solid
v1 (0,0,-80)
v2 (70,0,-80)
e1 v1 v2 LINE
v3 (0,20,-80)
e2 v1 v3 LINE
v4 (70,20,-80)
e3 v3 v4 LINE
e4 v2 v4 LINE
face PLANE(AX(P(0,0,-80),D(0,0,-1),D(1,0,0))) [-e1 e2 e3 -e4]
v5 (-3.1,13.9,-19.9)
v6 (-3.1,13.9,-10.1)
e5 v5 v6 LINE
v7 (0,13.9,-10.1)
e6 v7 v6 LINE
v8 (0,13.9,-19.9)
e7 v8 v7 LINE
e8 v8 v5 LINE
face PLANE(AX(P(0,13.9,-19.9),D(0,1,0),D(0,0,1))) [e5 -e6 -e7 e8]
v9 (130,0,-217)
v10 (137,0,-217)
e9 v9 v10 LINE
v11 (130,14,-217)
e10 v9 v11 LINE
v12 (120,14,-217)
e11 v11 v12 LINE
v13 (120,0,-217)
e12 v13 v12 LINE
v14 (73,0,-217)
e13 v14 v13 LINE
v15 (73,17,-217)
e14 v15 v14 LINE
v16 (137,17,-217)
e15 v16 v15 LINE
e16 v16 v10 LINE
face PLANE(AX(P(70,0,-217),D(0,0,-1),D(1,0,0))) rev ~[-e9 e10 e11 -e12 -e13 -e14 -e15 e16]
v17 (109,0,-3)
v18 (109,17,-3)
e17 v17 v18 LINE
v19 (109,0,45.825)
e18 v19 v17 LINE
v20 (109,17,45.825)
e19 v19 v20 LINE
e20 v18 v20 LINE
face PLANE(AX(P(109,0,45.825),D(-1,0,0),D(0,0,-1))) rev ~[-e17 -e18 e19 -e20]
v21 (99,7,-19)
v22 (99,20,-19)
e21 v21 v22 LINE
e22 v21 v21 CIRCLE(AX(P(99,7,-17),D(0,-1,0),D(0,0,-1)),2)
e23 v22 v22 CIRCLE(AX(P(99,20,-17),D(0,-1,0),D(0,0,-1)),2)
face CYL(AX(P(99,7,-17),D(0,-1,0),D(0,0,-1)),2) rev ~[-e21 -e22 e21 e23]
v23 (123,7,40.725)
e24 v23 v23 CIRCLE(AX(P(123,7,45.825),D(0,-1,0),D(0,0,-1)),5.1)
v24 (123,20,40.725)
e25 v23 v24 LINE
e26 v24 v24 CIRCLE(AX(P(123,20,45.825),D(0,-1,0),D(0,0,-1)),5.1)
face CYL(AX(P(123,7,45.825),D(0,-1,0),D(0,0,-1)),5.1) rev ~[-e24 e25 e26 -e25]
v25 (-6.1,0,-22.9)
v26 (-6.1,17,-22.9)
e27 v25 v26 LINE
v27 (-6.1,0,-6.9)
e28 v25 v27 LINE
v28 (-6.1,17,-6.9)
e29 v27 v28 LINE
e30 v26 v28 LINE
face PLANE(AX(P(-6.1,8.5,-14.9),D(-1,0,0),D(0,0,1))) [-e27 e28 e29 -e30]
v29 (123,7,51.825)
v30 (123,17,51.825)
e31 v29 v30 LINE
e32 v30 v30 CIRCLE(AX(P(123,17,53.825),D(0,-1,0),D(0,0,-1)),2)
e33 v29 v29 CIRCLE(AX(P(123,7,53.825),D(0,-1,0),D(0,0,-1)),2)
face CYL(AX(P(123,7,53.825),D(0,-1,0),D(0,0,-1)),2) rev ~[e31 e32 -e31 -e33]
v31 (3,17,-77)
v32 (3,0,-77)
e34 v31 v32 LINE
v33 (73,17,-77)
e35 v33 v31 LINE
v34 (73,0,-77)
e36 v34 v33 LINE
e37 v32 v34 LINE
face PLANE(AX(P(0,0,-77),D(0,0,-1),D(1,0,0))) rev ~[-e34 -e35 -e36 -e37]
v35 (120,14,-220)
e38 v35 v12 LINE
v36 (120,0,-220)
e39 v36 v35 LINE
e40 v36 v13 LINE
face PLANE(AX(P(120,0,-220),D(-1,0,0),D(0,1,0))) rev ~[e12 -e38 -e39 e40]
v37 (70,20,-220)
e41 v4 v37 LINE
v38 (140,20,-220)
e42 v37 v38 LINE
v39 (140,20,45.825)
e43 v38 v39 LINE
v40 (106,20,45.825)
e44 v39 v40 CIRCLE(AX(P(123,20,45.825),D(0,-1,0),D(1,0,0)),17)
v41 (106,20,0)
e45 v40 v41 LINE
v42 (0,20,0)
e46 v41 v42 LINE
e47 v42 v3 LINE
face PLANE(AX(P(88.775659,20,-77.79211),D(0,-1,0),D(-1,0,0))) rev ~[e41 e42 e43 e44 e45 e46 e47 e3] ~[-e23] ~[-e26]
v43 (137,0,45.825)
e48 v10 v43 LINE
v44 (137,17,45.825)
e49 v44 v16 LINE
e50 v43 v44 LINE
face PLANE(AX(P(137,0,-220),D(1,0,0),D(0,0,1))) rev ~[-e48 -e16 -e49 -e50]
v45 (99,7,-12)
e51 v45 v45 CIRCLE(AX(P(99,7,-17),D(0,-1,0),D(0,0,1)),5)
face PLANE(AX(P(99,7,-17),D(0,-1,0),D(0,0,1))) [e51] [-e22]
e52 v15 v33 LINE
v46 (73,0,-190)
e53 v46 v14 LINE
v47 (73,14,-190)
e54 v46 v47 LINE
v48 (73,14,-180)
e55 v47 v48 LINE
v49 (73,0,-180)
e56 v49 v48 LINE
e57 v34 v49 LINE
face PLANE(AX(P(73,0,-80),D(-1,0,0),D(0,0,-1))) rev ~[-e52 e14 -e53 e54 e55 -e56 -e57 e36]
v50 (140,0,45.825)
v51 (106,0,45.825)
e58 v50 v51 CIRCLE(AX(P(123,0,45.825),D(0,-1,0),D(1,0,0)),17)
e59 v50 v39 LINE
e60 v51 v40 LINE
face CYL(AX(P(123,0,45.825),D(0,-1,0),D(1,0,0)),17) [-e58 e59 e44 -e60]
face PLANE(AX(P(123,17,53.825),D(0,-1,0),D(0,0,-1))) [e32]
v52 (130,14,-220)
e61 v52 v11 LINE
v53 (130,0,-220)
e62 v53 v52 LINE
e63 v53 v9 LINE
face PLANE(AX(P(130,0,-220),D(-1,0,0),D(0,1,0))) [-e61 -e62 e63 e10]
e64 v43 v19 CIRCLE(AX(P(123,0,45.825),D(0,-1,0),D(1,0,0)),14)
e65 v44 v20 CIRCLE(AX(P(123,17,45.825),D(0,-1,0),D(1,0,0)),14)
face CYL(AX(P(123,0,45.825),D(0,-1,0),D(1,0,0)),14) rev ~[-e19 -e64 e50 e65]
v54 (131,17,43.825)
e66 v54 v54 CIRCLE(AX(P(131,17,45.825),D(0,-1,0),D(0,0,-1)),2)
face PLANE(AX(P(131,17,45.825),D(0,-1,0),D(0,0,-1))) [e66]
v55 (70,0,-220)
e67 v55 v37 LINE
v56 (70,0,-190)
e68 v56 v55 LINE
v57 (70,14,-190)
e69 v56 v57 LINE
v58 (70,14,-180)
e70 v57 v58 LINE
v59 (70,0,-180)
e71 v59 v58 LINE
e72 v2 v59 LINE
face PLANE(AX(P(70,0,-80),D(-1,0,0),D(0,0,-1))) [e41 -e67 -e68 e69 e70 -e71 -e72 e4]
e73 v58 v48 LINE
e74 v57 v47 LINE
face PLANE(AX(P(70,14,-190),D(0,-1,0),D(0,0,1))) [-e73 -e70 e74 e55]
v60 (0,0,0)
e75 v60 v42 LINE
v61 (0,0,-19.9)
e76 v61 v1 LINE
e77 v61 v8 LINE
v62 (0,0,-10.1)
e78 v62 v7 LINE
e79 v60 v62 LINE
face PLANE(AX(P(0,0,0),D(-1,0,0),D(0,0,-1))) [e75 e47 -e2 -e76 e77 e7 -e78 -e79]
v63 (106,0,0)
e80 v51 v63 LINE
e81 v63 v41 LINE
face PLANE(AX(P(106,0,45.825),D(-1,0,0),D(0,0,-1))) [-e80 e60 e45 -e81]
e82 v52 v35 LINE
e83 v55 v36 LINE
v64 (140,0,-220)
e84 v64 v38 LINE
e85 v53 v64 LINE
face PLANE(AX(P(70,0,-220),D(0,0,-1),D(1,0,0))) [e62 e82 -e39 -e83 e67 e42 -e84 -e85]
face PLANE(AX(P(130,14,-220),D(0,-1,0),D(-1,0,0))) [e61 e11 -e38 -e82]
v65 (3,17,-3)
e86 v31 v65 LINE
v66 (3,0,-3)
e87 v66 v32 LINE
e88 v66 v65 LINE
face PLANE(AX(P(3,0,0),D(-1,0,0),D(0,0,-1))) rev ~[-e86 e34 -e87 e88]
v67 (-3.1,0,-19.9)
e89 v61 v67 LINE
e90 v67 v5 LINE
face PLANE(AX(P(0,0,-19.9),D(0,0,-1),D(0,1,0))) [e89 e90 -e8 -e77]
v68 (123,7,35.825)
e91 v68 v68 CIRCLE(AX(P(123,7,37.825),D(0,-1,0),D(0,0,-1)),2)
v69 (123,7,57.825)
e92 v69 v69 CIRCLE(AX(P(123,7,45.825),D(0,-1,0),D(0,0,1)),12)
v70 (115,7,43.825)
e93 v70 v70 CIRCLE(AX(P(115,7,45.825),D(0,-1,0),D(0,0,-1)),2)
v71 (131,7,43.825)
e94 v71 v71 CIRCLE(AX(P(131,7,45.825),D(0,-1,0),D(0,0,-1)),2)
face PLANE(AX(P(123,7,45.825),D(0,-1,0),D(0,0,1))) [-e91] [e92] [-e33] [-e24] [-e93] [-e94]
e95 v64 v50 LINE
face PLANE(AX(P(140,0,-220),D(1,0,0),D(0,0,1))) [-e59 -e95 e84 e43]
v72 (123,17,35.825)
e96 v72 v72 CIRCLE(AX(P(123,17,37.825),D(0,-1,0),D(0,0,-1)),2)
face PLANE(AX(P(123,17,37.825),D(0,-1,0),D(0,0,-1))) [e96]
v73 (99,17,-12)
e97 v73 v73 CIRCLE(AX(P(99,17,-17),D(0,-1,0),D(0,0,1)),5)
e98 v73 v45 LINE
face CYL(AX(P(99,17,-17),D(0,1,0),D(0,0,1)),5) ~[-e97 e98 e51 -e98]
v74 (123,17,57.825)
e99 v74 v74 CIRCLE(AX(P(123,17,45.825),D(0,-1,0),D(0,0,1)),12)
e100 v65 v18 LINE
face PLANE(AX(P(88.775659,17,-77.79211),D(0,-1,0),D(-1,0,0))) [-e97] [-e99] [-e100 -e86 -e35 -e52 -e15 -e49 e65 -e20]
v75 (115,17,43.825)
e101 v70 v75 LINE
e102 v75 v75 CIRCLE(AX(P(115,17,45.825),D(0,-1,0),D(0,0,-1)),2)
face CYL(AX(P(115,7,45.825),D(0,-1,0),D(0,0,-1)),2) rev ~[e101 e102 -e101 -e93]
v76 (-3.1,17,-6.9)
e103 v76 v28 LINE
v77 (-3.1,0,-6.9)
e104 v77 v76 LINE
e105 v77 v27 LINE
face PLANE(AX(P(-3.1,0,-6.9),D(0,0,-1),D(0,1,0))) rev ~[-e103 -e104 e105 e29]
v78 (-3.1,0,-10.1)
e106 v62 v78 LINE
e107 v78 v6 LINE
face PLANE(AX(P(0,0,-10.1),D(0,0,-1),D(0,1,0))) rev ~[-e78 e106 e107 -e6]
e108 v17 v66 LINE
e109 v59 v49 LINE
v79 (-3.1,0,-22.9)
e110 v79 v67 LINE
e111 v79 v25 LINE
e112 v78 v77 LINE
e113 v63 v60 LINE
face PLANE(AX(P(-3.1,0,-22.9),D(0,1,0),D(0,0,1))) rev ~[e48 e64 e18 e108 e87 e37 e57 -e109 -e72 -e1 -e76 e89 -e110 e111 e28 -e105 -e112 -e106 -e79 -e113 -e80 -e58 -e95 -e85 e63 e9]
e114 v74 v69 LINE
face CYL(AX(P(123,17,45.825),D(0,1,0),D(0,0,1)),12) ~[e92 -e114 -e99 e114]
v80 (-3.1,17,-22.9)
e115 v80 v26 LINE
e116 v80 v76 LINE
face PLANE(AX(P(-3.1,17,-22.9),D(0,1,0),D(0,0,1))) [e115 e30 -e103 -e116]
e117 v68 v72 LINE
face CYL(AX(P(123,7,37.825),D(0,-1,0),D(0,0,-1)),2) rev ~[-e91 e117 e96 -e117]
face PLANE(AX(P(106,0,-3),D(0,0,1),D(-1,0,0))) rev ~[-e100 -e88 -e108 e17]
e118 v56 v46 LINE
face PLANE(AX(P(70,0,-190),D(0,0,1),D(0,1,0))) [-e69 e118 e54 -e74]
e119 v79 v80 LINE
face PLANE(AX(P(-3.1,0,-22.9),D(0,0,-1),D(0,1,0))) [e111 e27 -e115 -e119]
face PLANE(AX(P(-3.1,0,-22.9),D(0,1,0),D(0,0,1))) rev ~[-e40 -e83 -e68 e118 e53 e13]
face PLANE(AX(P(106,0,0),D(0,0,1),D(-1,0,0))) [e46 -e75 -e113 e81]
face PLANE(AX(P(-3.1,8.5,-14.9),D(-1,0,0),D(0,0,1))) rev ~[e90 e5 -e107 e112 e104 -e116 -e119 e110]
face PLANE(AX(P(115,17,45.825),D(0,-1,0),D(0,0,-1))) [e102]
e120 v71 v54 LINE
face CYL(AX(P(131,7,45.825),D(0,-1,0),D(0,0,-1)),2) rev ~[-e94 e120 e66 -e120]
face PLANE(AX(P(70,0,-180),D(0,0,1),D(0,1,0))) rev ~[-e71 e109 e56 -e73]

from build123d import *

# Parameters (mm, degrees)
CORNERBOSS_EXTRUDE1_DEPTH               = 20
SHELL1_T                                = -3
PADSKETCH1_R                            = 5
PADSKETCH1_R_2                          = 12
PADBOSS_EXTRUDE1_DEPTH                  = 10
STEPPERSHAFTCUT_SKETCH3_R               = 5.1
STEPPERSHAFTCUT_SKETCH3_R_2             = 2
STEPPERSHAFTCUT_EXTRUDE1_DEPTH          = 262.09193783
THREADEDNUTMOUNTHOLESSKETCH5_R          = 2
THREADEDNUTMOUNTHOLESCUT_EXTRUDE2_DEPTH = 10
TOPPEGHOLESKETCH4_W                     = 10
TOPPEGHOLESKETCH4_H                     = 14
TOPPEGHOLECUT_EXTRUDE2_DEPTH            = 3
BLPEGSKETCH5_W                          = 9.8
BLPEGSKETCH5_H                          = 13.9
BLPEGBOSS_EXTRUDE3_DEPTH                = 3.1
BLPEGCAPSKETCH6_W                       = 16
BLPEGCAPSKETCH6_H                       = 17
BLPEGCAPBOSS_EXTRUDE4_DEPTH             = 3
BEDCENTERPEGHOLECUTSKETCH1_W            = 10
BEDCENTERPEGHOLECUTSKETCH1_H            = 14
BEDCENTERPEGHOLECUT_EXTRUDE1_DEPTH      = 3


with BuildPart() as part:
    # CornerrSketch1 → CornerBoss-Extrude1 (new body)
    with BuildSketch(Plane(origin=(0, 0, 0), x_dir=(1, 0, 0), z_dir=(0, 1, 0))):
        with BuildLine():
            Line((0, 0), (0, 80))
            Line((0, 80), (70, 80))
            Line((70, 80), (70, 220))
            Line((70, 220), (140, 220))
            Line((140, 220), (140, -45.825))
            ThreePointArc((140, -45.825), (123, -62.825), (106, -45.825))
            Line((106, -45.825), (106, 0))
            Line((106, 0), (0, 0))
        make_face()
    extrude(amount=CORNERBOSS_EXTRUDE1_DEPTH)

    # Shell1
    shell1_openings = [part.faces().sort_by_distance(p)[0] for p in [
        (89.539211683, 0, -80.750143578),
    ]]
    offset(amount=SHELL1_T, openings=shell1_openings, kind=Kind.INTERSECTION)

    # PadSketch1 → PadBoss-Extrude1 (add)
    with BuildSketch(Plane.XZ.offset(-17)):
        with Locations(Location((99, -17, 0), (0, 0, 90))):
            Circle(PADSKETCH1_R)
        with Locations(Location((123, 45.825, 0), (0, 0, 90))):
            Circle(PADSKETCH1_R_2)
    extrude(amount=PADBOSS_EXTRUDE1_DEPTH)

    # StepperShaftCut-Sketch3 → StepperShaftCut-Extrude1 (cut, through all)
    with BuildSketch(Plane.XZ.offset(-7)):
        with Locations(Location((123, 45.825, 0), (0, 0, 270))):
            Circle(STEPPERSHAFTCUT_SKETCH3_R)
        with Locations(Location((99, -17, 0), (0, 0, 270))):
            Circle(STEPPERSHAFTCUT_SKETCH3_R_2)
    extrude(amount=-STEPPERSHAFTCUT_EXTRUDE1_DEPTH, mode=Mode.SUBTRACT)

    # ThreadedNutMountHolesSketch5 → ThreadedNutMountHolesCut-Extrude2 (cut)
    with BuildSketch(Plane.XZ.offset(-7)):
        with Locations(Location((123, 53.825, 0), (0, 0, 270))):
            Circle(THREADEDNUTMOUNTHOLESSKETCH5_R)
        with Locations(Location((131, 45.825, 0), (0, 0, 270))):
            Circle(THREADEDNUTMOUNTHOLESSKETCH5_R)
        with Locations(Location((115, 45.825, 0), (0, 0, 270))):
            Circle(THREADEDNUTMOUNTHOLESSKETCH5_R)
        with Locations(Location((123, 37.825, 0), (0, 0, 270))):
            Circle(THREADEDNUTMOUNTHOLESSKETCH5_R)
    extrude(amount=-THREADEDNUTMOUNTHOLESCUT_EXTRUDE2_DEPTH, mode=Mode.SUBTRACT)

    # TopPegHoleSketch4 → TopPegHoleCut-Extrude2 (cut)
    with BuildSketch(Plane(origin=(0, 0, -220), x_dir=(-1, 0, 0), z_dir=(0, 0, -1))):
        with Locations((-125, 7)):
            Rectangle(TOPPEGHOLESKETCH4_W, TOPPEGHOLESKETCH4_H)
    extrude(amount=-TOPPEGHOLECUT_EXTRUDE2_DEPTH, mode=Mode.SUBTRACT)

    # BLPegSketch5 → BLPegBoss-Extrude3 (add)
    with BuildSketch(Plane.ZY):
        with Locations((-15, 6.95)):
            Rectangle(BLPEGSKETCH5_W, BLPEGSKETCH5_H)
    extrude(amount=BLPEGBOSS_EXTRUDE3_DEPTH)

    # BLPegCapSketch6 → BLPegCapBoss-Extrude4 (add)
    with BuildSketch(Plane.ZY.offset(3.1)):
        with Locations((-14.9, 8.5)):
            Rectangle(BLPEGCAPSKETCH6_W, BLPEGCAPSKETCH6_H)
    extrude(amount=BLPEGCAPBOSS_EXTRUDE4_DEPTH)

    # BedCenterPegHoleCutSketch1 → BedCenterPegHoleCut-Extrude1 (cut)
    with BuildSketch(Plane.ZY.offset(-70)):
        with Locations((-185, 7)):
            Rectangle(BEDCENTERPEGHOLECUTSKETCH1_W, BEDCENTERPEGHOLECUTSKETCH1_H)
    extrude(amount=-BEDCENTERPEGHOLECUT_EXTRUDE1_DEPTH, mode=Mode.SUBTRACT)


solid = part.part
